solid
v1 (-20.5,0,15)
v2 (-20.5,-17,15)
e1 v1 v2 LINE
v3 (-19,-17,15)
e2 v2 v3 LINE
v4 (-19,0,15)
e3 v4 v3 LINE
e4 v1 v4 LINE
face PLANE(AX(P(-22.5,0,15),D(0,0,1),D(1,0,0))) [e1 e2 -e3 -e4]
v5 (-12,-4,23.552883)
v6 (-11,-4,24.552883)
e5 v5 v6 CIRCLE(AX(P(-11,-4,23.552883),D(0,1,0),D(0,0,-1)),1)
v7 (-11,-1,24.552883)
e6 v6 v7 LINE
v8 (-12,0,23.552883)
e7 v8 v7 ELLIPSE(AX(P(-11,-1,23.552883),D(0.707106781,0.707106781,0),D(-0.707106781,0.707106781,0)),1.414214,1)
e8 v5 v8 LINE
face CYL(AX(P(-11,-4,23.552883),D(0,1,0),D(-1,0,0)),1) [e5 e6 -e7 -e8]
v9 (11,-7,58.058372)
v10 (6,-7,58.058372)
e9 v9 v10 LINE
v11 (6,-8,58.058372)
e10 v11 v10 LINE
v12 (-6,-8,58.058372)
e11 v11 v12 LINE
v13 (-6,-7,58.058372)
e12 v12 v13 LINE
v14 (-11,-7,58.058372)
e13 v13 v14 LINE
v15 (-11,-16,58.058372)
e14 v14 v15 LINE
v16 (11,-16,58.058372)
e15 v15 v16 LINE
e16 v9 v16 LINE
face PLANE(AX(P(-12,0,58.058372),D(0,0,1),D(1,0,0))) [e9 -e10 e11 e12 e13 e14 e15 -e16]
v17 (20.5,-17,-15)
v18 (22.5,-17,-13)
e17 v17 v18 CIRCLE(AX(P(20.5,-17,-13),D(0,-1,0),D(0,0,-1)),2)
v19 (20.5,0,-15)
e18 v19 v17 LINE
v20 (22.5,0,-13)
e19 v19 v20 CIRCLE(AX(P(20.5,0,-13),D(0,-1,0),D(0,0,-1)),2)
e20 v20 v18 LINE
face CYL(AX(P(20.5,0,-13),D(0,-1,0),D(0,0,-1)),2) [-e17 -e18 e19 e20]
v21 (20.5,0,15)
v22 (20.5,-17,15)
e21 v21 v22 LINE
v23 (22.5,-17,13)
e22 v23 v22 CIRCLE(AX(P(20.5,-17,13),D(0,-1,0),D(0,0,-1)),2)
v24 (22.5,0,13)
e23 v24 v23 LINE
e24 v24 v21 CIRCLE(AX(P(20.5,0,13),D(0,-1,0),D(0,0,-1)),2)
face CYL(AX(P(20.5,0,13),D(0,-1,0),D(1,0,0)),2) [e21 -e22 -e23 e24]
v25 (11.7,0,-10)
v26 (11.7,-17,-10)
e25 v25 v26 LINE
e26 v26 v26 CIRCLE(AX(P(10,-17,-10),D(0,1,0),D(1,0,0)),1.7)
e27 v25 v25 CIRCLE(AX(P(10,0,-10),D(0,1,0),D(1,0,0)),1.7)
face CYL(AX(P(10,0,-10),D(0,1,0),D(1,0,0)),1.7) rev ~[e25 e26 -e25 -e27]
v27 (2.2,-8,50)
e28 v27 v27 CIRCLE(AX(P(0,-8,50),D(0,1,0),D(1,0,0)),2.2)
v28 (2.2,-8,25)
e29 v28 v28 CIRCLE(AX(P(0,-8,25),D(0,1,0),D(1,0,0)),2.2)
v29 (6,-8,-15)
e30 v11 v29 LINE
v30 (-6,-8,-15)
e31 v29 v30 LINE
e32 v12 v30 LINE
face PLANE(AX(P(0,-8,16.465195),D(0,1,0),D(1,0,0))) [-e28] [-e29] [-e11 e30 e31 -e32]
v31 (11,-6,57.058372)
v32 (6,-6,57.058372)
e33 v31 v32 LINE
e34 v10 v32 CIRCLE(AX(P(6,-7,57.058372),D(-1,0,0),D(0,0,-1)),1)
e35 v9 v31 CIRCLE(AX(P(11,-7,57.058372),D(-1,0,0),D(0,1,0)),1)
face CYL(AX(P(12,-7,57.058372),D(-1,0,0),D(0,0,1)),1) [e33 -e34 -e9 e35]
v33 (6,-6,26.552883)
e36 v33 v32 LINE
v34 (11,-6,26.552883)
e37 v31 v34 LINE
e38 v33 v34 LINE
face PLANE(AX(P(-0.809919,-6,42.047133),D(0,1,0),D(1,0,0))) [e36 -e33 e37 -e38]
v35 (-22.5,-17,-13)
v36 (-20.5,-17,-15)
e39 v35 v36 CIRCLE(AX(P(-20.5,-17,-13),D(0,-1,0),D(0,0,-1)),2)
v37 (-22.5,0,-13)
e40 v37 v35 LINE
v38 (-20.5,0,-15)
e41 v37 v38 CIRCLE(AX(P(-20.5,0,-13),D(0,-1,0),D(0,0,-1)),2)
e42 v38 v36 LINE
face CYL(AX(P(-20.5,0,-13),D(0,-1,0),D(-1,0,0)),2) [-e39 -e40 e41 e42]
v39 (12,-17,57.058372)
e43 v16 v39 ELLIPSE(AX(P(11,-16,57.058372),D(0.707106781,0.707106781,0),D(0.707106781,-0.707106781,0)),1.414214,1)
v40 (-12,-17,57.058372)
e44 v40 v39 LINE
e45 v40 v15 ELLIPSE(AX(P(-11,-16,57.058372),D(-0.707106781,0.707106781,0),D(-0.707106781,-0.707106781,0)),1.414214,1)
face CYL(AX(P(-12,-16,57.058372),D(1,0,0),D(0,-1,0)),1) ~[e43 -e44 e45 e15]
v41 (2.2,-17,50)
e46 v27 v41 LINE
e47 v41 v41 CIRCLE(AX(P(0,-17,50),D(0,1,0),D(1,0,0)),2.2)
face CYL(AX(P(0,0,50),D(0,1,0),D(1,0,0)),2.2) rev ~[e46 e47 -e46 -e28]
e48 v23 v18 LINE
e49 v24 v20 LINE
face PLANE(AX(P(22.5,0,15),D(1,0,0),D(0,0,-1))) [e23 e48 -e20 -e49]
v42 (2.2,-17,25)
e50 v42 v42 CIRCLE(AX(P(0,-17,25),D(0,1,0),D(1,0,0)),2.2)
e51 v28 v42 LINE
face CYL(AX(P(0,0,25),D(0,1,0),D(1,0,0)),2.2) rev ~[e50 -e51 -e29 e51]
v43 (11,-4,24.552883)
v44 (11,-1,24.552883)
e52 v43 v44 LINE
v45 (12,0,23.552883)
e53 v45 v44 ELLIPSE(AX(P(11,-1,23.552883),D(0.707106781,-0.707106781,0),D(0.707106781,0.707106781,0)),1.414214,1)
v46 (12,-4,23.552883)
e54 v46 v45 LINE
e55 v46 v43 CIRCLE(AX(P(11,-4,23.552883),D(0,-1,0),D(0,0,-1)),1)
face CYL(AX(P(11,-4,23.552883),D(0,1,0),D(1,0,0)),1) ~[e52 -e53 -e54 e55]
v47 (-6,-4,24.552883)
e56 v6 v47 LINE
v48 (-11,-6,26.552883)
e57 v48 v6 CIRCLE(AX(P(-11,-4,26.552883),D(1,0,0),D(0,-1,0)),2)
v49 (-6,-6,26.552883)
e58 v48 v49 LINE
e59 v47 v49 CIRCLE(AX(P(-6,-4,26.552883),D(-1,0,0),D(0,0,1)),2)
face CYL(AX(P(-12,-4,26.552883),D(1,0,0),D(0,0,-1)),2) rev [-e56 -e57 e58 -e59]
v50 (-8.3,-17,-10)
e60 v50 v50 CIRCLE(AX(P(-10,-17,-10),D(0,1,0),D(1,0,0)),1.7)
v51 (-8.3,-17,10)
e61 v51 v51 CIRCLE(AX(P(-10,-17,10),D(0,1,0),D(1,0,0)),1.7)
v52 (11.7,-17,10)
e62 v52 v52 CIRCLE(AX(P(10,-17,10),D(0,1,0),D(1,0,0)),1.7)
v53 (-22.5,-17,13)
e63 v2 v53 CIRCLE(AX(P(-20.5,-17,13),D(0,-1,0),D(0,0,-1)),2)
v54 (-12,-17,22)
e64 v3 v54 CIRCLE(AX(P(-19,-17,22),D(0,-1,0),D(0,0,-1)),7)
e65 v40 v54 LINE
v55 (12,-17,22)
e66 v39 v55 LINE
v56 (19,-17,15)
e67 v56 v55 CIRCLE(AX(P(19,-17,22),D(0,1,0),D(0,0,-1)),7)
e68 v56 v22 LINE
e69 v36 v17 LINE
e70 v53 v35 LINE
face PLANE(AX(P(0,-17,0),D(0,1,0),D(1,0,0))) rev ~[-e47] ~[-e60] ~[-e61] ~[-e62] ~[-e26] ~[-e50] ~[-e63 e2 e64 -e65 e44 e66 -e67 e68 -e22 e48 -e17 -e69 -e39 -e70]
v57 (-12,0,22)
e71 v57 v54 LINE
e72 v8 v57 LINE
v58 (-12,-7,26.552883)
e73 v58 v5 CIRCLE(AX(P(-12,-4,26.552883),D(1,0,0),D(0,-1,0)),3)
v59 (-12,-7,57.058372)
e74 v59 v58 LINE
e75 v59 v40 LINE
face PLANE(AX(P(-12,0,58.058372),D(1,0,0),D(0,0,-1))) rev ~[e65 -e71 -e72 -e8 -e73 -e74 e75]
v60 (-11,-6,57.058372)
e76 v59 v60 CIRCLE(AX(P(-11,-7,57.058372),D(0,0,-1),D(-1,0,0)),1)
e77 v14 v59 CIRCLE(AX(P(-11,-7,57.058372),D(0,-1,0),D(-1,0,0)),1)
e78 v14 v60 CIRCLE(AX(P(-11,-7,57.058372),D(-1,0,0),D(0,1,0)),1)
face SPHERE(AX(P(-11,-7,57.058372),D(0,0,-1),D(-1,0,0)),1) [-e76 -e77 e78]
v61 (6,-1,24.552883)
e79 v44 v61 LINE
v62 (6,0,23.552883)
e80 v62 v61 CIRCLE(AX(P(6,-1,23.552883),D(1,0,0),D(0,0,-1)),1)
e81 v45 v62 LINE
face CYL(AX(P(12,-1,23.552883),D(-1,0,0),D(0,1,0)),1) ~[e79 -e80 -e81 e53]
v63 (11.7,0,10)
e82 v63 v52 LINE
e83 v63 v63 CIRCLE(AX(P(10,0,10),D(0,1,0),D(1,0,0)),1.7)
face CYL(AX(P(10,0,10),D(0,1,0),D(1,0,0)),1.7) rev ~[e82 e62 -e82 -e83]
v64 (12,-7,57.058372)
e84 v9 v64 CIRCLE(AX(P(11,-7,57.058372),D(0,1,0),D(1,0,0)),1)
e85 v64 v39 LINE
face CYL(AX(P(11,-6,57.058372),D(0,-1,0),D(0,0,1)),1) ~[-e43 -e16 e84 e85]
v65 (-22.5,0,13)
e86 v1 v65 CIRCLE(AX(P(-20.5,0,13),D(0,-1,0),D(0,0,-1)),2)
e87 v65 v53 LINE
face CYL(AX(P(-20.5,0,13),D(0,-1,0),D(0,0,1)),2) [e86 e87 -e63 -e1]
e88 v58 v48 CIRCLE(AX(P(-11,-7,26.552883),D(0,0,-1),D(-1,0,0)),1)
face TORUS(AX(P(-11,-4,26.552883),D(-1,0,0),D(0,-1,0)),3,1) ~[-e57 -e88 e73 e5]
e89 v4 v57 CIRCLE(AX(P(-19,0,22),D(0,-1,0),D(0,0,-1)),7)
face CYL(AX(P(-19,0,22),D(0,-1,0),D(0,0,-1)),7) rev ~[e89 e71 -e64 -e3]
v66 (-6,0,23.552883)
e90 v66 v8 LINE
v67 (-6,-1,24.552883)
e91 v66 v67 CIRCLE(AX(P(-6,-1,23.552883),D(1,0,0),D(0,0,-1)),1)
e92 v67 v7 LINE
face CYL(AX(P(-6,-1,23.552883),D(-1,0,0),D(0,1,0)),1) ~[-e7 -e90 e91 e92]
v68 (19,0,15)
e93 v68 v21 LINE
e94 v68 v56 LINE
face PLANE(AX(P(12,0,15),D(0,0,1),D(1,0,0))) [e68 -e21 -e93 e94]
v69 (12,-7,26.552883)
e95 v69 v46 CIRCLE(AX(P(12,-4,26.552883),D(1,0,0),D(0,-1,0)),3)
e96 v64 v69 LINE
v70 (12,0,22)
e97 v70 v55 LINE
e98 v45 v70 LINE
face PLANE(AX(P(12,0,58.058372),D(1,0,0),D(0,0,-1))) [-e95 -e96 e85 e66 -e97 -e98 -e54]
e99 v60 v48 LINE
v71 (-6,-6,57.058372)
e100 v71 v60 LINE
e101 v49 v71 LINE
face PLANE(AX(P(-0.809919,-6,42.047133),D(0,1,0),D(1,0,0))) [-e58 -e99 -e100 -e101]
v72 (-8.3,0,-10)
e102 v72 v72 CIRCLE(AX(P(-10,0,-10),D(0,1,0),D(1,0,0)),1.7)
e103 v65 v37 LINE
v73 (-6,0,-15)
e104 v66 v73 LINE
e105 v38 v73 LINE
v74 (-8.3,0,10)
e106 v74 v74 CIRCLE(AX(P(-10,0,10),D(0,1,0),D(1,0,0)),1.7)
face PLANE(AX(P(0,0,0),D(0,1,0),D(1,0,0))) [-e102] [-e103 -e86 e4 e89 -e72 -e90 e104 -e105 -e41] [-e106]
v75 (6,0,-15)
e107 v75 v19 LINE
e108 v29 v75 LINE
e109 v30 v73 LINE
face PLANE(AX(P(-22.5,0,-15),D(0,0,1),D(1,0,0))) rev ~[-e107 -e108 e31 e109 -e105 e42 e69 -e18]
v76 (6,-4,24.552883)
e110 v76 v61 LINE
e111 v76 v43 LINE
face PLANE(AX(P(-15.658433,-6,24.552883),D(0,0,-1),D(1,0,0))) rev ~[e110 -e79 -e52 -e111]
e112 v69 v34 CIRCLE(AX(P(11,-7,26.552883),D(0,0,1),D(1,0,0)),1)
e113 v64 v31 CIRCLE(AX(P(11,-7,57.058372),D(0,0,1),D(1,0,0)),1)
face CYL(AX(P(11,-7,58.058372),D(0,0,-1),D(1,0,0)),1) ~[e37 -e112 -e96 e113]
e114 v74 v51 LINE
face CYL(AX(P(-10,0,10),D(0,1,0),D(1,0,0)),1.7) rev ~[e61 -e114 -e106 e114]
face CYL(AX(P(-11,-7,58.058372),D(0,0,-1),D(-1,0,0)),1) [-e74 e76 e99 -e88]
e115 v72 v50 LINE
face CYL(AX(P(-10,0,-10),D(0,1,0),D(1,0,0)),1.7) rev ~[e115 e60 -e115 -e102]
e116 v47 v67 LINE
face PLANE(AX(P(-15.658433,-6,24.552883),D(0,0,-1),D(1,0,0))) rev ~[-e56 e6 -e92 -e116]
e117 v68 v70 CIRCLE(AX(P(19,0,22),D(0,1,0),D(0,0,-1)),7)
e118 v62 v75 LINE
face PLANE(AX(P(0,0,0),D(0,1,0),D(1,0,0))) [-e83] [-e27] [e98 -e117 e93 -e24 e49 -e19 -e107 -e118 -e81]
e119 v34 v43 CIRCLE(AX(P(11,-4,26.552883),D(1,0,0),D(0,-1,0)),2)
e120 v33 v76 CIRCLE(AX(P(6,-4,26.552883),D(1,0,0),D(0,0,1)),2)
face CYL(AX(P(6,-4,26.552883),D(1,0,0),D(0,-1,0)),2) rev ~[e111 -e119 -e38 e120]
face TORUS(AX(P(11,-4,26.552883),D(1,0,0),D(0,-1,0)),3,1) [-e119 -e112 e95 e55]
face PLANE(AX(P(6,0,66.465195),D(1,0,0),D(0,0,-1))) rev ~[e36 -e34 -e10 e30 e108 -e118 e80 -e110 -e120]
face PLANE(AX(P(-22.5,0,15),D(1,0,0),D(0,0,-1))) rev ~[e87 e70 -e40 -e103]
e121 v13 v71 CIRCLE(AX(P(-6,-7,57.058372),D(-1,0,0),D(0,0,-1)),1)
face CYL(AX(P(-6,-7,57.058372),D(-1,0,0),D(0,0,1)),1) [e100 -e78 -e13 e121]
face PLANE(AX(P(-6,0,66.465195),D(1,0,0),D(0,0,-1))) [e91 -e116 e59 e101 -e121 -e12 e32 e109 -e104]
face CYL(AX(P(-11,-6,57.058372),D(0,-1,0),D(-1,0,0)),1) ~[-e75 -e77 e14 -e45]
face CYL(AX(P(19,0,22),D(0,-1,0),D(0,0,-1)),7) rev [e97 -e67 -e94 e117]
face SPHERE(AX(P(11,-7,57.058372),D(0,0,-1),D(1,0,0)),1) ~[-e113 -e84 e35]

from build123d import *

# Parameters (mm, degrees)
SKETCH1_W           = 45
SKETCH1_H           = 30
SKETCH1_R           = 1.7
SKETCH1_W_2         = 24
SKETCH1_H_2         = 43.058371989
SKETCH1_R_2         = 2.2
BOSS_EXTRUDE2_DEPTH = 17
SKETCH5_W           = 12
SKETCH5_H           = 100
CUT_EXTRUDE1_DEPTH  = 8
SKETCH7_W           = 29.697028674
SKETCH7_H           = 34.988499238
CUT_EXTRUDE2_DEPTH  = 7
FILLET1_R           = 7
FILLET6_R           = 2
FILLET7_R           = 1


with BuildPart() as part:
    # Sketch1 → Boss-Extrude2 (new body)
    with BuildSketch(Plane(origin=(0, 0, 0), x_dir=(1, 0, 0), z_dir=(0, 1, 0))):
        Rectangle(SKETCH1_W, SKETCH1_H)
        with Locations((-10, 10)):
            Circle(SKETCH1_R, mode=Mode.SUBTRACT)
        with Locations((10, 10)):
            Circle(SKETCH1_R, mode=Mode.SUBTRACT)
        with Locations((10, -10)):
            Circle(SKETCH1_R, mode=Mode.SUBTRACT)
        with Locations((-10, -10)):
            Circle(SKETCH1_R, mode=Mode.SUBTRACT)
        with Locations((0, -36.529185995)):
            Rectangle(SKETCH1_W_2, SKETCH1_H_2)
        with Locations((0, -25)):
            Circle(SKETCH1_R_2, mode=Mode.SUBTRACT)
        with Locations((0, -50)):
            Circle(SKETCH1_R_2, mode=Mode.SUBTRACT)
    extrude(amount=-BOSS_EXTRUDE2_DEPTH)

    # Sketch5 → Cut-Extrude1 (cut)
    with BuildSketch(Plane(origin=(0, 0, 0), x_dir=(1, 0, 0), z_dir=(0, 1, 0))):
        with Locations((0, -16.465194583)):
            Rectangle(SKETCH5_W, SKETCH5_H)
    extrude(amount=-CUT_EXTRUDE1_DEPTH, mode=Mode.SUBTRACT)

    # Sketch7 → Cut-Extrude2 (cut, through all)
    with BuildSketch(Plane(origin=(0, -6, 0), x_dir=(1, 0, 0), z_dir=(0, 1, 0))):
        with Locations((-0.809918964, -42.047133079)):
            Rectangle(SKETCH7_W, SKETCH7_H)
    extrude(amount=CUT_EXTRUDE2_DEPTH, mode=Mode.SUBTRACT)

    # Fillet1
    fillet1_edges = [part.edges().sort_by_distance(p)[0] for p in [
        (-12, -8.5, 15),
        (12, -8.5, 15),
    ]]
    fillet(fillet1_edges, radius=FILLET1_R)

    # Fillet6
    fillet6_edges = [part.edges().sort_by_distance(p)[0] for p in [
        (22.5, -8.5, 15),
        (-22.5, -8.5, 15),
        (-22.5, -8.5, -15),
        (22.5, -8.5, -15),
        (9, -6, 24.55288346),
        (-9, -6, 24.55288346),
    ]]
    fillet(fillet6_edges, radius=FILLET6_R)

    # Fillet7
    fillet7_edges = [part.edges().sort_by_distance(p)[0] for p in [
        (-12, -2, 24.55288346),
        (12, -2, 24.55288346),
        (-12, -5.414213562, 25.138669897),
        (12, -5.414213562, 25.138669897),
        (-12, -11.5, 58.058371989),
        (12, -11.5, 58.058371989),
        (0, -17, 58.058371989),
        (9, 0, 24.55288346),
        (9, -6, 58.058371989),
        (12, -6, 42.305627724),
        (-9, 0, 24.55288346),
        (-9, -6, 58.058371989),
        (-12, -6, 42.305627724),
    ]]
    fillet(fillet7_edges, radius=FILLET7_R)


solid = part.part
